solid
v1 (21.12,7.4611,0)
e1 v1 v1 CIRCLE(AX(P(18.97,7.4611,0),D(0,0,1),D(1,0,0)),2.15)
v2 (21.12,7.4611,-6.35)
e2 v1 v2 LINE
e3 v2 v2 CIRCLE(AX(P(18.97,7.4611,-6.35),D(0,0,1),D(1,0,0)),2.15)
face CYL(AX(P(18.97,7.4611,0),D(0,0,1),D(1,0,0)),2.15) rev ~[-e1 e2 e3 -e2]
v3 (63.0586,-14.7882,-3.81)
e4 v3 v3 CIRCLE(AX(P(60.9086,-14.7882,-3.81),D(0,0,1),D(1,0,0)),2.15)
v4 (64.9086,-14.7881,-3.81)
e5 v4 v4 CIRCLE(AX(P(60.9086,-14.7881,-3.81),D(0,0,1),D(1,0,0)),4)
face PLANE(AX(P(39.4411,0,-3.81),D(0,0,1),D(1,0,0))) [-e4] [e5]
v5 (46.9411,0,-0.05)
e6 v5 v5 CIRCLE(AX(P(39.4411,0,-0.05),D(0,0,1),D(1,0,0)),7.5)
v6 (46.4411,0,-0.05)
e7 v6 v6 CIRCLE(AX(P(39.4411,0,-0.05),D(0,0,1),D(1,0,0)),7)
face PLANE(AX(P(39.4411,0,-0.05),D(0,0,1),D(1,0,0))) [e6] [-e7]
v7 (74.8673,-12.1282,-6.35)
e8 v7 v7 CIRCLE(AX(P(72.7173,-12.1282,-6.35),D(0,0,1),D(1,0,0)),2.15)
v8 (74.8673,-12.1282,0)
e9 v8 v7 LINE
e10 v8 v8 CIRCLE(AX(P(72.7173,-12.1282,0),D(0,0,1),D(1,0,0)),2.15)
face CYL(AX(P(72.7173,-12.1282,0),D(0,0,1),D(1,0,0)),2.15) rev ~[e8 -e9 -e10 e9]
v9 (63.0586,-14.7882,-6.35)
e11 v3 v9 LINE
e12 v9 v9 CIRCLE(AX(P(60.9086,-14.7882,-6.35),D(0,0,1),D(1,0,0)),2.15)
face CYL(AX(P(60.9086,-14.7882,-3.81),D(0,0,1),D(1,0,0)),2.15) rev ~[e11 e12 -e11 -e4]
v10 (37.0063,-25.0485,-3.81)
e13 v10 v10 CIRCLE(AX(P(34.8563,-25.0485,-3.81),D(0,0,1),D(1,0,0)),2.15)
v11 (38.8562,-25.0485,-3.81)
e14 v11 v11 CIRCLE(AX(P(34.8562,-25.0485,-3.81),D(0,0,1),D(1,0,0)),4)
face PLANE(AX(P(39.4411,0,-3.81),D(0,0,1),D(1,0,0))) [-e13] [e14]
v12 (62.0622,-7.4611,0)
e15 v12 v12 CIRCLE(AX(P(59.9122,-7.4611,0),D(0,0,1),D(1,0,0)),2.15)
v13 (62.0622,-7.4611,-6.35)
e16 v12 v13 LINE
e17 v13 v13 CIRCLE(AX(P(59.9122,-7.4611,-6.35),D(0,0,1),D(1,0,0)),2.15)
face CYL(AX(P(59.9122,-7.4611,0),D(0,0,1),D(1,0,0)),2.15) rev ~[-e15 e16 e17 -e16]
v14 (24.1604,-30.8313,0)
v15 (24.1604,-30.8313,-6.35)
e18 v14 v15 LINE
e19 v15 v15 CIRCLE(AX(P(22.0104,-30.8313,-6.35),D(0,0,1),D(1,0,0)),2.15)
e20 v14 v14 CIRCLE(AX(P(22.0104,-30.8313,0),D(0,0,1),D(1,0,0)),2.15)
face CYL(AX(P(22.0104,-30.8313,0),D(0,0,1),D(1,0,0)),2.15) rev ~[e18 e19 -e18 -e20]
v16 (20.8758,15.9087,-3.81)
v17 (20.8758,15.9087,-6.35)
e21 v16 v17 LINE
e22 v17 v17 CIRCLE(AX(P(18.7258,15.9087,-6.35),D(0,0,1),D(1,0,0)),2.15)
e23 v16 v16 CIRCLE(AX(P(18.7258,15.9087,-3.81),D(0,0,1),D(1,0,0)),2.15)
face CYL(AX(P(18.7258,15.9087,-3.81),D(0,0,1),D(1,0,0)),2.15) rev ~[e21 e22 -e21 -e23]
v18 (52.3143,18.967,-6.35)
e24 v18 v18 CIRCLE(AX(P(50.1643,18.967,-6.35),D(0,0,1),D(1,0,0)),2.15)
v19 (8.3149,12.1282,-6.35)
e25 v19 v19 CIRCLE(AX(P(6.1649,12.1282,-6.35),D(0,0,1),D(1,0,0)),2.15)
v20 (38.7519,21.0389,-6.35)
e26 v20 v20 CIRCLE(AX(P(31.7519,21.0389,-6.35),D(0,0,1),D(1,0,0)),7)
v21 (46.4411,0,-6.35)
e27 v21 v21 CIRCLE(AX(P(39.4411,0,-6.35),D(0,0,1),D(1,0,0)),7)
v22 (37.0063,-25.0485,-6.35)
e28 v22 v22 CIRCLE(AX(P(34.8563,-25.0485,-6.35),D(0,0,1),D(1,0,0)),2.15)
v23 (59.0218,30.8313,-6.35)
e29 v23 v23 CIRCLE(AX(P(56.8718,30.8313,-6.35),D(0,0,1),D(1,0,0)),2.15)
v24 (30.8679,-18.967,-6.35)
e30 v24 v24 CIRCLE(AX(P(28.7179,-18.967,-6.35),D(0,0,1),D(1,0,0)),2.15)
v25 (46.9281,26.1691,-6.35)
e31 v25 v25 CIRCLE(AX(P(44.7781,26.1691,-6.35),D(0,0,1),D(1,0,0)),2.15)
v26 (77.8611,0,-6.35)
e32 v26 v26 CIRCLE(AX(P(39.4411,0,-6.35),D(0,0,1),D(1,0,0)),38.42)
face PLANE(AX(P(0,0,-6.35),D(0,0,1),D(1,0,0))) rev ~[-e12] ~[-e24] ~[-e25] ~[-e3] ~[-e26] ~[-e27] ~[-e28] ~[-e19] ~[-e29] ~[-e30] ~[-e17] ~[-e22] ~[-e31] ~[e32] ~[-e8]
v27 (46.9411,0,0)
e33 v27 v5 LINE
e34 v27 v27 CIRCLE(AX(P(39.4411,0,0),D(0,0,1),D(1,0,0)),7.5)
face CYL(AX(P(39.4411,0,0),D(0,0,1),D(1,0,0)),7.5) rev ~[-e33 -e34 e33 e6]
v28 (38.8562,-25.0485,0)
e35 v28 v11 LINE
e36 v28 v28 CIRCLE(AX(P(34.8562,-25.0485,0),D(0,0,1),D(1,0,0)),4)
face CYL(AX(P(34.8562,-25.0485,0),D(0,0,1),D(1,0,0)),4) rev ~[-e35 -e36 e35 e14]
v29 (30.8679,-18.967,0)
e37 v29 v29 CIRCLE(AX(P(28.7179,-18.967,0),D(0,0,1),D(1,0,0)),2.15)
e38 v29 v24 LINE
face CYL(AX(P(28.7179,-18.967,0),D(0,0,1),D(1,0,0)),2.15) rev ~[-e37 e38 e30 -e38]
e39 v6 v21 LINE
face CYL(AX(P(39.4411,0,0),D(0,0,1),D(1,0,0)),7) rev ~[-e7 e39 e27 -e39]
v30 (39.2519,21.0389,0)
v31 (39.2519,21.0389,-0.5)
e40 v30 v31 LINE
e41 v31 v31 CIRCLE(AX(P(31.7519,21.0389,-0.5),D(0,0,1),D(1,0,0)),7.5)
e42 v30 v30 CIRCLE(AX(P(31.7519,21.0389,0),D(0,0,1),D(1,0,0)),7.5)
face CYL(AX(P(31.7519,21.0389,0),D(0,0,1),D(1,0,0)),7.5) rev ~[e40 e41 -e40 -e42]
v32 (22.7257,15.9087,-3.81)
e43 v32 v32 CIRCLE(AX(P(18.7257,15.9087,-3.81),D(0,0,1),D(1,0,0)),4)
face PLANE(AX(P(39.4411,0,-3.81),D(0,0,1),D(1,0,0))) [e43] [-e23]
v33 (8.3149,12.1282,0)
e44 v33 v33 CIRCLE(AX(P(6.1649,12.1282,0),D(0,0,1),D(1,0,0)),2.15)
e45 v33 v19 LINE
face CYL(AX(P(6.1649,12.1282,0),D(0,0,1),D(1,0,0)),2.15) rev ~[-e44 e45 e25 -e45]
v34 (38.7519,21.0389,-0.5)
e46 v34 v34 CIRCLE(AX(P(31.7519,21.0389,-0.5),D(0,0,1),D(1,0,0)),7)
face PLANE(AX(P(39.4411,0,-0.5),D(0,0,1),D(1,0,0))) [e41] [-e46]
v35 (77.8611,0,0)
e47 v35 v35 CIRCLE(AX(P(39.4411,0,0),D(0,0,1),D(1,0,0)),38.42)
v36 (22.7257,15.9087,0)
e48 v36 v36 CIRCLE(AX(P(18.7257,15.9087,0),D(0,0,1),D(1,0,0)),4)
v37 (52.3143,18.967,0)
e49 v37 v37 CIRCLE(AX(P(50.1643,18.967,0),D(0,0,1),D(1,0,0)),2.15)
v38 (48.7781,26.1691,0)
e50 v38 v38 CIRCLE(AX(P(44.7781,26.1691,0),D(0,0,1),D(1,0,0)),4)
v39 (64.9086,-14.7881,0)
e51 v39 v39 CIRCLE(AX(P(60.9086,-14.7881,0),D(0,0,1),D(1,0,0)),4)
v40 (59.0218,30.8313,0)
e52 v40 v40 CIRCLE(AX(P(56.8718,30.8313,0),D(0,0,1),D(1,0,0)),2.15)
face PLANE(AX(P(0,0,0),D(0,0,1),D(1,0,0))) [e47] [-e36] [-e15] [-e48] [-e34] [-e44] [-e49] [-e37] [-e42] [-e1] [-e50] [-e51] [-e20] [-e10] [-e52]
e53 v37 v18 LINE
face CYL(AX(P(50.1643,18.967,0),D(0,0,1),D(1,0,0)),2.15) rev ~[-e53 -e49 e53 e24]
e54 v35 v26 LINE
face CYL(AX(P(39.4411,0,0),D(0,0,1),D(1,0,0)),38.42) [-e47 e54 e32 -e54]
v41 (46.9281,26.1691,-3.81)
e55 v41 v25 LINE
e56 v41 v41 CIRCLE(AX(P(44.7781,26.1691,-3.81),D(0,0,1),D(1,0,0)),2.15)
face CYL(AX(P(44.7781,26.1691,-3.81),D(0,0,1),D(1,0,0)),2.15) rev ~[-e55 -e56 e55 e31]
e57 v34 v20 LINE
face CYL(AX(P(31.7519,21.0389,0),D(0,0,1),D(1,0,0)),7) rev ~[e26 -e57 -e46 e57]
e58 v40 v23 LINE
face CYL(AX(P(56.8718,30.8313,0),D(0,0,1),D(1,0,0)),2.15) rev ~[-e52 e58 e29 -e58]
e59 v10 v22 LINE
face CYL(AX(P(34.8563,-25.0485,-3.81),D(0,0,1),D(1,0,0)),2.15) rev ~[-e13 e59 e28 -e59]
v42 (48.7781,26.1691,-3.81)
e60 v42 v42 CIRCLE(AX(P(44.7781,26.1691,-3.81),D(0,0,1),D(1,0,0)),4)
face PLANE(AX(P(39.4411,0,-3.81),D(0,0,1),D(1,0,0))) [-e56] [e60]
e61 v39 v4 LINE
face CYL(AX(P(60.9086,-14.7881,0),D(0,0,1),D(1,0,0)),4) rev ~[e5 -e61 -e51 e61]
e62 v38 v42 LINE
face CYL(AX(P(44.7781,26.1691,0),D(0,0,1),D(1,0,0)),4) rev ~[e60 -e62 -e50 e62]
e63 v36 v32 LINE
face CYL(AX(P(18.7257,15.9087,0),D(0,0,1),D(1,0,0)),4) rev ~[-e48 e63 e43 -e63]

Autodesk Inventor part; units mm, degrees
ref_plane "YZ Plane" through (0, 0, 0) normal (1, 0, 0) x (0, 1, 0)
ref_plane "XZ Plane" through (0, 0, 0) normal (0, 1, 0) x (-1, 0, 0)
ref_plane "Work Plane1" through (-28.6125, -68.0536, -6.35) normal (0, 0, -1) x (0, 1, 0)
sketch "Sketch1" plane through (0, 0, 0) normal (0, 0, 1) x (1, 0, 0)
  circle A0 centre (39.4411, 0) radius 38.42
  circle A1 centre (28.7179, -18.967) radius 2.975 construction
  circle A2 centre (18.97, 7.4611) radius 2.975 construction
  circle A3 centre (59.9122, -7.4611) radius 2.975 construction
  circle A4 centre (50.1643, 18.967) radius 2.875 construction
  circle A5 centre (39.4411, 0) radius 7
  circle A6 centre (31.7519, 21.0389) radius 7
  circle A7 centre (59.9122, -7.4611) radius 2.15
  circle A8 centre (50.1643, 18.967) radius 2.15
  circle A9 centre (18.97, 7.4611) radius 2.15
  circle A10 centre (28.7179, -18.967) radius 2.15
  point P0 (0, 0)
extrude "Extrusion1" add sketch "Sketch1" against normal up to surface (6.35 mm away)
ref_plane "Work Plane2" through (39.4411, 0, -4.95) normal (0, 0, -1) x (-0.4776, -0.8786, 0)
sketch "Sketch3" plane through (39.4411, 0, 0) normal (0, 0, 1) x (1, 0, 0)
  circle A0 centre (0, 0) radius 7.5 projected
  circle A1 centre (-7.6892, 21.0389) radius 7 construction
  circle A2 centre (-7.6892, 21.0389) radius 7.5
  point P0 (-39.4411, 0)
  dimension "d10" = 15
extrude "Extrusion3" cut sketch "Sketch3" against normal blind 0.5 contours A2
sketch "Sketch5" plane through (39.4411, 0, 0) normal (0, 0, 1) x (1, 0, 0)
  circle A0 centre (0, 0) radius 7.3 construction
  circle A1 centre (0, 0) radius 7.5
  point P0 (-39.4411, 0)
  dimension "d11" = 15
extrude "Extrusion4" cut sketch "Sketch5" against normal blind 0.05
sketch "Sketch6" plane through (39.4411, 0, 0) normal (0, 0, 1) x (1, 0, 0)
  circle A0 centre (20.4711, -7.4611) radius 2.975 construction
  circle A1 centre (10.7232, 18.967) radius 2.975 construction
  circle A2 centre (-20.4711, 7.4611) radius 2.975 construction
  circle A3 centre (-10.7232, -18.967) radius 2.975 construction
  line L0 (20.4711, -7.4611) -> (-20.4711, 7.4611) construction
  line L1 (-10.7232, -18.967) -> (10.7232, 18.967) construction
  circle A4 centre (17.4307, 30.8313) radius 2.15
  circle A5 centre (-17.4307, -30.8313) radius 2.15
  line L2 (17.4307, 30.8313) -> (-17.4307, -30.8313) construction
  circle A6 centre (0, 0) radius 38.42 construction
  circle A7 centre (33.2762, -12.1282) radius 2.15
  circle A8 centre (-33.2762, 12.1282) radius 2.15
  line L3 (33.2762, -12.1282) -> (-33.2762, 12.1282) construction
  point P0 (-39.4411, 0)
  dimension "d16" = 4.3
  dimension "d17" = 4.3
  dimension "d18" = 35.4175
  dimension "d19" = 35.4175
  dimension "d20" = 0
  dimension "d21" = 4.3
  dimension "d22" = 4.3
  dimension "d23" = 0
  dimension "d24" = 35.4175
  dimension "d25" = 35.4175
  dimension "d26" = 0
extrude "Extrusion5" cut sketch "Sketch6" against normal up to surface (6.35 mm away)
sketch "Sketch7" plane through (39.4411, 0, 0) normal (0, 0, 1) x (1, 0, 0)
  circle A0 centre (5.337, 26.1691) radius 2.15 construction
  circle A1 centre (-20.7154, 15.9087) radius 2.15 construction
  circle A2 centre (5.337, 26.1691) radius 4
  circle A3 centre (-20.7154, 15.9087) radius 4
  circle A4 centre (-4.5849, -25.0485) radius 2.15 construction
  circle A5 centre (21.4675, -14.7881) radius 2.15 construction
  circle A6 centre (21.4675, -14.7881) radius 4
  circle A7 centre (-4.5849, -25.0485) radius 4
  point P0 (-39.4411, 0)
  dimension "d29" = 8
  dimension "d30" = 8
  dimension "d37" = 8
  dimension "d38" = 8
  dimension "d39" = 0
  dimension "d40" = 0
extrude "Extrusion6" cut sketch "Sketch7" against normal blind 3.81
sketch "Sketch8" plane through (44.7781, 26.1691, -3.81) normal (0, 0, 1) x (1, 0, 0)
  circle A0 centre (0, 0) radius 4 construction
  circle A1 centre (-26.0523, -10.2604) radius 4 construction
  circle A2 centre (0, 0) radius 2.15
  circle A3 centre (-26.0523, -10.2604) radius 2.15
  circle A4 centre (-9.9218, -51.2176) radius 2.15 projected
  circle A5 centre (16.1305, -40.9573) radius 2.15 projected
  point P0 (-44.7781, -26.1691)
  dimension "d33" = 4.3
  dimension "d34" = 4.3
extrude "Extrusion7" cut sketch "Sketch8" against normal through all
equation "\"d19\" = d18"
equation "\"d24\" = d18"
equation "\"d25\" = d18"
properties part number "Inner_Pod_Holder"
